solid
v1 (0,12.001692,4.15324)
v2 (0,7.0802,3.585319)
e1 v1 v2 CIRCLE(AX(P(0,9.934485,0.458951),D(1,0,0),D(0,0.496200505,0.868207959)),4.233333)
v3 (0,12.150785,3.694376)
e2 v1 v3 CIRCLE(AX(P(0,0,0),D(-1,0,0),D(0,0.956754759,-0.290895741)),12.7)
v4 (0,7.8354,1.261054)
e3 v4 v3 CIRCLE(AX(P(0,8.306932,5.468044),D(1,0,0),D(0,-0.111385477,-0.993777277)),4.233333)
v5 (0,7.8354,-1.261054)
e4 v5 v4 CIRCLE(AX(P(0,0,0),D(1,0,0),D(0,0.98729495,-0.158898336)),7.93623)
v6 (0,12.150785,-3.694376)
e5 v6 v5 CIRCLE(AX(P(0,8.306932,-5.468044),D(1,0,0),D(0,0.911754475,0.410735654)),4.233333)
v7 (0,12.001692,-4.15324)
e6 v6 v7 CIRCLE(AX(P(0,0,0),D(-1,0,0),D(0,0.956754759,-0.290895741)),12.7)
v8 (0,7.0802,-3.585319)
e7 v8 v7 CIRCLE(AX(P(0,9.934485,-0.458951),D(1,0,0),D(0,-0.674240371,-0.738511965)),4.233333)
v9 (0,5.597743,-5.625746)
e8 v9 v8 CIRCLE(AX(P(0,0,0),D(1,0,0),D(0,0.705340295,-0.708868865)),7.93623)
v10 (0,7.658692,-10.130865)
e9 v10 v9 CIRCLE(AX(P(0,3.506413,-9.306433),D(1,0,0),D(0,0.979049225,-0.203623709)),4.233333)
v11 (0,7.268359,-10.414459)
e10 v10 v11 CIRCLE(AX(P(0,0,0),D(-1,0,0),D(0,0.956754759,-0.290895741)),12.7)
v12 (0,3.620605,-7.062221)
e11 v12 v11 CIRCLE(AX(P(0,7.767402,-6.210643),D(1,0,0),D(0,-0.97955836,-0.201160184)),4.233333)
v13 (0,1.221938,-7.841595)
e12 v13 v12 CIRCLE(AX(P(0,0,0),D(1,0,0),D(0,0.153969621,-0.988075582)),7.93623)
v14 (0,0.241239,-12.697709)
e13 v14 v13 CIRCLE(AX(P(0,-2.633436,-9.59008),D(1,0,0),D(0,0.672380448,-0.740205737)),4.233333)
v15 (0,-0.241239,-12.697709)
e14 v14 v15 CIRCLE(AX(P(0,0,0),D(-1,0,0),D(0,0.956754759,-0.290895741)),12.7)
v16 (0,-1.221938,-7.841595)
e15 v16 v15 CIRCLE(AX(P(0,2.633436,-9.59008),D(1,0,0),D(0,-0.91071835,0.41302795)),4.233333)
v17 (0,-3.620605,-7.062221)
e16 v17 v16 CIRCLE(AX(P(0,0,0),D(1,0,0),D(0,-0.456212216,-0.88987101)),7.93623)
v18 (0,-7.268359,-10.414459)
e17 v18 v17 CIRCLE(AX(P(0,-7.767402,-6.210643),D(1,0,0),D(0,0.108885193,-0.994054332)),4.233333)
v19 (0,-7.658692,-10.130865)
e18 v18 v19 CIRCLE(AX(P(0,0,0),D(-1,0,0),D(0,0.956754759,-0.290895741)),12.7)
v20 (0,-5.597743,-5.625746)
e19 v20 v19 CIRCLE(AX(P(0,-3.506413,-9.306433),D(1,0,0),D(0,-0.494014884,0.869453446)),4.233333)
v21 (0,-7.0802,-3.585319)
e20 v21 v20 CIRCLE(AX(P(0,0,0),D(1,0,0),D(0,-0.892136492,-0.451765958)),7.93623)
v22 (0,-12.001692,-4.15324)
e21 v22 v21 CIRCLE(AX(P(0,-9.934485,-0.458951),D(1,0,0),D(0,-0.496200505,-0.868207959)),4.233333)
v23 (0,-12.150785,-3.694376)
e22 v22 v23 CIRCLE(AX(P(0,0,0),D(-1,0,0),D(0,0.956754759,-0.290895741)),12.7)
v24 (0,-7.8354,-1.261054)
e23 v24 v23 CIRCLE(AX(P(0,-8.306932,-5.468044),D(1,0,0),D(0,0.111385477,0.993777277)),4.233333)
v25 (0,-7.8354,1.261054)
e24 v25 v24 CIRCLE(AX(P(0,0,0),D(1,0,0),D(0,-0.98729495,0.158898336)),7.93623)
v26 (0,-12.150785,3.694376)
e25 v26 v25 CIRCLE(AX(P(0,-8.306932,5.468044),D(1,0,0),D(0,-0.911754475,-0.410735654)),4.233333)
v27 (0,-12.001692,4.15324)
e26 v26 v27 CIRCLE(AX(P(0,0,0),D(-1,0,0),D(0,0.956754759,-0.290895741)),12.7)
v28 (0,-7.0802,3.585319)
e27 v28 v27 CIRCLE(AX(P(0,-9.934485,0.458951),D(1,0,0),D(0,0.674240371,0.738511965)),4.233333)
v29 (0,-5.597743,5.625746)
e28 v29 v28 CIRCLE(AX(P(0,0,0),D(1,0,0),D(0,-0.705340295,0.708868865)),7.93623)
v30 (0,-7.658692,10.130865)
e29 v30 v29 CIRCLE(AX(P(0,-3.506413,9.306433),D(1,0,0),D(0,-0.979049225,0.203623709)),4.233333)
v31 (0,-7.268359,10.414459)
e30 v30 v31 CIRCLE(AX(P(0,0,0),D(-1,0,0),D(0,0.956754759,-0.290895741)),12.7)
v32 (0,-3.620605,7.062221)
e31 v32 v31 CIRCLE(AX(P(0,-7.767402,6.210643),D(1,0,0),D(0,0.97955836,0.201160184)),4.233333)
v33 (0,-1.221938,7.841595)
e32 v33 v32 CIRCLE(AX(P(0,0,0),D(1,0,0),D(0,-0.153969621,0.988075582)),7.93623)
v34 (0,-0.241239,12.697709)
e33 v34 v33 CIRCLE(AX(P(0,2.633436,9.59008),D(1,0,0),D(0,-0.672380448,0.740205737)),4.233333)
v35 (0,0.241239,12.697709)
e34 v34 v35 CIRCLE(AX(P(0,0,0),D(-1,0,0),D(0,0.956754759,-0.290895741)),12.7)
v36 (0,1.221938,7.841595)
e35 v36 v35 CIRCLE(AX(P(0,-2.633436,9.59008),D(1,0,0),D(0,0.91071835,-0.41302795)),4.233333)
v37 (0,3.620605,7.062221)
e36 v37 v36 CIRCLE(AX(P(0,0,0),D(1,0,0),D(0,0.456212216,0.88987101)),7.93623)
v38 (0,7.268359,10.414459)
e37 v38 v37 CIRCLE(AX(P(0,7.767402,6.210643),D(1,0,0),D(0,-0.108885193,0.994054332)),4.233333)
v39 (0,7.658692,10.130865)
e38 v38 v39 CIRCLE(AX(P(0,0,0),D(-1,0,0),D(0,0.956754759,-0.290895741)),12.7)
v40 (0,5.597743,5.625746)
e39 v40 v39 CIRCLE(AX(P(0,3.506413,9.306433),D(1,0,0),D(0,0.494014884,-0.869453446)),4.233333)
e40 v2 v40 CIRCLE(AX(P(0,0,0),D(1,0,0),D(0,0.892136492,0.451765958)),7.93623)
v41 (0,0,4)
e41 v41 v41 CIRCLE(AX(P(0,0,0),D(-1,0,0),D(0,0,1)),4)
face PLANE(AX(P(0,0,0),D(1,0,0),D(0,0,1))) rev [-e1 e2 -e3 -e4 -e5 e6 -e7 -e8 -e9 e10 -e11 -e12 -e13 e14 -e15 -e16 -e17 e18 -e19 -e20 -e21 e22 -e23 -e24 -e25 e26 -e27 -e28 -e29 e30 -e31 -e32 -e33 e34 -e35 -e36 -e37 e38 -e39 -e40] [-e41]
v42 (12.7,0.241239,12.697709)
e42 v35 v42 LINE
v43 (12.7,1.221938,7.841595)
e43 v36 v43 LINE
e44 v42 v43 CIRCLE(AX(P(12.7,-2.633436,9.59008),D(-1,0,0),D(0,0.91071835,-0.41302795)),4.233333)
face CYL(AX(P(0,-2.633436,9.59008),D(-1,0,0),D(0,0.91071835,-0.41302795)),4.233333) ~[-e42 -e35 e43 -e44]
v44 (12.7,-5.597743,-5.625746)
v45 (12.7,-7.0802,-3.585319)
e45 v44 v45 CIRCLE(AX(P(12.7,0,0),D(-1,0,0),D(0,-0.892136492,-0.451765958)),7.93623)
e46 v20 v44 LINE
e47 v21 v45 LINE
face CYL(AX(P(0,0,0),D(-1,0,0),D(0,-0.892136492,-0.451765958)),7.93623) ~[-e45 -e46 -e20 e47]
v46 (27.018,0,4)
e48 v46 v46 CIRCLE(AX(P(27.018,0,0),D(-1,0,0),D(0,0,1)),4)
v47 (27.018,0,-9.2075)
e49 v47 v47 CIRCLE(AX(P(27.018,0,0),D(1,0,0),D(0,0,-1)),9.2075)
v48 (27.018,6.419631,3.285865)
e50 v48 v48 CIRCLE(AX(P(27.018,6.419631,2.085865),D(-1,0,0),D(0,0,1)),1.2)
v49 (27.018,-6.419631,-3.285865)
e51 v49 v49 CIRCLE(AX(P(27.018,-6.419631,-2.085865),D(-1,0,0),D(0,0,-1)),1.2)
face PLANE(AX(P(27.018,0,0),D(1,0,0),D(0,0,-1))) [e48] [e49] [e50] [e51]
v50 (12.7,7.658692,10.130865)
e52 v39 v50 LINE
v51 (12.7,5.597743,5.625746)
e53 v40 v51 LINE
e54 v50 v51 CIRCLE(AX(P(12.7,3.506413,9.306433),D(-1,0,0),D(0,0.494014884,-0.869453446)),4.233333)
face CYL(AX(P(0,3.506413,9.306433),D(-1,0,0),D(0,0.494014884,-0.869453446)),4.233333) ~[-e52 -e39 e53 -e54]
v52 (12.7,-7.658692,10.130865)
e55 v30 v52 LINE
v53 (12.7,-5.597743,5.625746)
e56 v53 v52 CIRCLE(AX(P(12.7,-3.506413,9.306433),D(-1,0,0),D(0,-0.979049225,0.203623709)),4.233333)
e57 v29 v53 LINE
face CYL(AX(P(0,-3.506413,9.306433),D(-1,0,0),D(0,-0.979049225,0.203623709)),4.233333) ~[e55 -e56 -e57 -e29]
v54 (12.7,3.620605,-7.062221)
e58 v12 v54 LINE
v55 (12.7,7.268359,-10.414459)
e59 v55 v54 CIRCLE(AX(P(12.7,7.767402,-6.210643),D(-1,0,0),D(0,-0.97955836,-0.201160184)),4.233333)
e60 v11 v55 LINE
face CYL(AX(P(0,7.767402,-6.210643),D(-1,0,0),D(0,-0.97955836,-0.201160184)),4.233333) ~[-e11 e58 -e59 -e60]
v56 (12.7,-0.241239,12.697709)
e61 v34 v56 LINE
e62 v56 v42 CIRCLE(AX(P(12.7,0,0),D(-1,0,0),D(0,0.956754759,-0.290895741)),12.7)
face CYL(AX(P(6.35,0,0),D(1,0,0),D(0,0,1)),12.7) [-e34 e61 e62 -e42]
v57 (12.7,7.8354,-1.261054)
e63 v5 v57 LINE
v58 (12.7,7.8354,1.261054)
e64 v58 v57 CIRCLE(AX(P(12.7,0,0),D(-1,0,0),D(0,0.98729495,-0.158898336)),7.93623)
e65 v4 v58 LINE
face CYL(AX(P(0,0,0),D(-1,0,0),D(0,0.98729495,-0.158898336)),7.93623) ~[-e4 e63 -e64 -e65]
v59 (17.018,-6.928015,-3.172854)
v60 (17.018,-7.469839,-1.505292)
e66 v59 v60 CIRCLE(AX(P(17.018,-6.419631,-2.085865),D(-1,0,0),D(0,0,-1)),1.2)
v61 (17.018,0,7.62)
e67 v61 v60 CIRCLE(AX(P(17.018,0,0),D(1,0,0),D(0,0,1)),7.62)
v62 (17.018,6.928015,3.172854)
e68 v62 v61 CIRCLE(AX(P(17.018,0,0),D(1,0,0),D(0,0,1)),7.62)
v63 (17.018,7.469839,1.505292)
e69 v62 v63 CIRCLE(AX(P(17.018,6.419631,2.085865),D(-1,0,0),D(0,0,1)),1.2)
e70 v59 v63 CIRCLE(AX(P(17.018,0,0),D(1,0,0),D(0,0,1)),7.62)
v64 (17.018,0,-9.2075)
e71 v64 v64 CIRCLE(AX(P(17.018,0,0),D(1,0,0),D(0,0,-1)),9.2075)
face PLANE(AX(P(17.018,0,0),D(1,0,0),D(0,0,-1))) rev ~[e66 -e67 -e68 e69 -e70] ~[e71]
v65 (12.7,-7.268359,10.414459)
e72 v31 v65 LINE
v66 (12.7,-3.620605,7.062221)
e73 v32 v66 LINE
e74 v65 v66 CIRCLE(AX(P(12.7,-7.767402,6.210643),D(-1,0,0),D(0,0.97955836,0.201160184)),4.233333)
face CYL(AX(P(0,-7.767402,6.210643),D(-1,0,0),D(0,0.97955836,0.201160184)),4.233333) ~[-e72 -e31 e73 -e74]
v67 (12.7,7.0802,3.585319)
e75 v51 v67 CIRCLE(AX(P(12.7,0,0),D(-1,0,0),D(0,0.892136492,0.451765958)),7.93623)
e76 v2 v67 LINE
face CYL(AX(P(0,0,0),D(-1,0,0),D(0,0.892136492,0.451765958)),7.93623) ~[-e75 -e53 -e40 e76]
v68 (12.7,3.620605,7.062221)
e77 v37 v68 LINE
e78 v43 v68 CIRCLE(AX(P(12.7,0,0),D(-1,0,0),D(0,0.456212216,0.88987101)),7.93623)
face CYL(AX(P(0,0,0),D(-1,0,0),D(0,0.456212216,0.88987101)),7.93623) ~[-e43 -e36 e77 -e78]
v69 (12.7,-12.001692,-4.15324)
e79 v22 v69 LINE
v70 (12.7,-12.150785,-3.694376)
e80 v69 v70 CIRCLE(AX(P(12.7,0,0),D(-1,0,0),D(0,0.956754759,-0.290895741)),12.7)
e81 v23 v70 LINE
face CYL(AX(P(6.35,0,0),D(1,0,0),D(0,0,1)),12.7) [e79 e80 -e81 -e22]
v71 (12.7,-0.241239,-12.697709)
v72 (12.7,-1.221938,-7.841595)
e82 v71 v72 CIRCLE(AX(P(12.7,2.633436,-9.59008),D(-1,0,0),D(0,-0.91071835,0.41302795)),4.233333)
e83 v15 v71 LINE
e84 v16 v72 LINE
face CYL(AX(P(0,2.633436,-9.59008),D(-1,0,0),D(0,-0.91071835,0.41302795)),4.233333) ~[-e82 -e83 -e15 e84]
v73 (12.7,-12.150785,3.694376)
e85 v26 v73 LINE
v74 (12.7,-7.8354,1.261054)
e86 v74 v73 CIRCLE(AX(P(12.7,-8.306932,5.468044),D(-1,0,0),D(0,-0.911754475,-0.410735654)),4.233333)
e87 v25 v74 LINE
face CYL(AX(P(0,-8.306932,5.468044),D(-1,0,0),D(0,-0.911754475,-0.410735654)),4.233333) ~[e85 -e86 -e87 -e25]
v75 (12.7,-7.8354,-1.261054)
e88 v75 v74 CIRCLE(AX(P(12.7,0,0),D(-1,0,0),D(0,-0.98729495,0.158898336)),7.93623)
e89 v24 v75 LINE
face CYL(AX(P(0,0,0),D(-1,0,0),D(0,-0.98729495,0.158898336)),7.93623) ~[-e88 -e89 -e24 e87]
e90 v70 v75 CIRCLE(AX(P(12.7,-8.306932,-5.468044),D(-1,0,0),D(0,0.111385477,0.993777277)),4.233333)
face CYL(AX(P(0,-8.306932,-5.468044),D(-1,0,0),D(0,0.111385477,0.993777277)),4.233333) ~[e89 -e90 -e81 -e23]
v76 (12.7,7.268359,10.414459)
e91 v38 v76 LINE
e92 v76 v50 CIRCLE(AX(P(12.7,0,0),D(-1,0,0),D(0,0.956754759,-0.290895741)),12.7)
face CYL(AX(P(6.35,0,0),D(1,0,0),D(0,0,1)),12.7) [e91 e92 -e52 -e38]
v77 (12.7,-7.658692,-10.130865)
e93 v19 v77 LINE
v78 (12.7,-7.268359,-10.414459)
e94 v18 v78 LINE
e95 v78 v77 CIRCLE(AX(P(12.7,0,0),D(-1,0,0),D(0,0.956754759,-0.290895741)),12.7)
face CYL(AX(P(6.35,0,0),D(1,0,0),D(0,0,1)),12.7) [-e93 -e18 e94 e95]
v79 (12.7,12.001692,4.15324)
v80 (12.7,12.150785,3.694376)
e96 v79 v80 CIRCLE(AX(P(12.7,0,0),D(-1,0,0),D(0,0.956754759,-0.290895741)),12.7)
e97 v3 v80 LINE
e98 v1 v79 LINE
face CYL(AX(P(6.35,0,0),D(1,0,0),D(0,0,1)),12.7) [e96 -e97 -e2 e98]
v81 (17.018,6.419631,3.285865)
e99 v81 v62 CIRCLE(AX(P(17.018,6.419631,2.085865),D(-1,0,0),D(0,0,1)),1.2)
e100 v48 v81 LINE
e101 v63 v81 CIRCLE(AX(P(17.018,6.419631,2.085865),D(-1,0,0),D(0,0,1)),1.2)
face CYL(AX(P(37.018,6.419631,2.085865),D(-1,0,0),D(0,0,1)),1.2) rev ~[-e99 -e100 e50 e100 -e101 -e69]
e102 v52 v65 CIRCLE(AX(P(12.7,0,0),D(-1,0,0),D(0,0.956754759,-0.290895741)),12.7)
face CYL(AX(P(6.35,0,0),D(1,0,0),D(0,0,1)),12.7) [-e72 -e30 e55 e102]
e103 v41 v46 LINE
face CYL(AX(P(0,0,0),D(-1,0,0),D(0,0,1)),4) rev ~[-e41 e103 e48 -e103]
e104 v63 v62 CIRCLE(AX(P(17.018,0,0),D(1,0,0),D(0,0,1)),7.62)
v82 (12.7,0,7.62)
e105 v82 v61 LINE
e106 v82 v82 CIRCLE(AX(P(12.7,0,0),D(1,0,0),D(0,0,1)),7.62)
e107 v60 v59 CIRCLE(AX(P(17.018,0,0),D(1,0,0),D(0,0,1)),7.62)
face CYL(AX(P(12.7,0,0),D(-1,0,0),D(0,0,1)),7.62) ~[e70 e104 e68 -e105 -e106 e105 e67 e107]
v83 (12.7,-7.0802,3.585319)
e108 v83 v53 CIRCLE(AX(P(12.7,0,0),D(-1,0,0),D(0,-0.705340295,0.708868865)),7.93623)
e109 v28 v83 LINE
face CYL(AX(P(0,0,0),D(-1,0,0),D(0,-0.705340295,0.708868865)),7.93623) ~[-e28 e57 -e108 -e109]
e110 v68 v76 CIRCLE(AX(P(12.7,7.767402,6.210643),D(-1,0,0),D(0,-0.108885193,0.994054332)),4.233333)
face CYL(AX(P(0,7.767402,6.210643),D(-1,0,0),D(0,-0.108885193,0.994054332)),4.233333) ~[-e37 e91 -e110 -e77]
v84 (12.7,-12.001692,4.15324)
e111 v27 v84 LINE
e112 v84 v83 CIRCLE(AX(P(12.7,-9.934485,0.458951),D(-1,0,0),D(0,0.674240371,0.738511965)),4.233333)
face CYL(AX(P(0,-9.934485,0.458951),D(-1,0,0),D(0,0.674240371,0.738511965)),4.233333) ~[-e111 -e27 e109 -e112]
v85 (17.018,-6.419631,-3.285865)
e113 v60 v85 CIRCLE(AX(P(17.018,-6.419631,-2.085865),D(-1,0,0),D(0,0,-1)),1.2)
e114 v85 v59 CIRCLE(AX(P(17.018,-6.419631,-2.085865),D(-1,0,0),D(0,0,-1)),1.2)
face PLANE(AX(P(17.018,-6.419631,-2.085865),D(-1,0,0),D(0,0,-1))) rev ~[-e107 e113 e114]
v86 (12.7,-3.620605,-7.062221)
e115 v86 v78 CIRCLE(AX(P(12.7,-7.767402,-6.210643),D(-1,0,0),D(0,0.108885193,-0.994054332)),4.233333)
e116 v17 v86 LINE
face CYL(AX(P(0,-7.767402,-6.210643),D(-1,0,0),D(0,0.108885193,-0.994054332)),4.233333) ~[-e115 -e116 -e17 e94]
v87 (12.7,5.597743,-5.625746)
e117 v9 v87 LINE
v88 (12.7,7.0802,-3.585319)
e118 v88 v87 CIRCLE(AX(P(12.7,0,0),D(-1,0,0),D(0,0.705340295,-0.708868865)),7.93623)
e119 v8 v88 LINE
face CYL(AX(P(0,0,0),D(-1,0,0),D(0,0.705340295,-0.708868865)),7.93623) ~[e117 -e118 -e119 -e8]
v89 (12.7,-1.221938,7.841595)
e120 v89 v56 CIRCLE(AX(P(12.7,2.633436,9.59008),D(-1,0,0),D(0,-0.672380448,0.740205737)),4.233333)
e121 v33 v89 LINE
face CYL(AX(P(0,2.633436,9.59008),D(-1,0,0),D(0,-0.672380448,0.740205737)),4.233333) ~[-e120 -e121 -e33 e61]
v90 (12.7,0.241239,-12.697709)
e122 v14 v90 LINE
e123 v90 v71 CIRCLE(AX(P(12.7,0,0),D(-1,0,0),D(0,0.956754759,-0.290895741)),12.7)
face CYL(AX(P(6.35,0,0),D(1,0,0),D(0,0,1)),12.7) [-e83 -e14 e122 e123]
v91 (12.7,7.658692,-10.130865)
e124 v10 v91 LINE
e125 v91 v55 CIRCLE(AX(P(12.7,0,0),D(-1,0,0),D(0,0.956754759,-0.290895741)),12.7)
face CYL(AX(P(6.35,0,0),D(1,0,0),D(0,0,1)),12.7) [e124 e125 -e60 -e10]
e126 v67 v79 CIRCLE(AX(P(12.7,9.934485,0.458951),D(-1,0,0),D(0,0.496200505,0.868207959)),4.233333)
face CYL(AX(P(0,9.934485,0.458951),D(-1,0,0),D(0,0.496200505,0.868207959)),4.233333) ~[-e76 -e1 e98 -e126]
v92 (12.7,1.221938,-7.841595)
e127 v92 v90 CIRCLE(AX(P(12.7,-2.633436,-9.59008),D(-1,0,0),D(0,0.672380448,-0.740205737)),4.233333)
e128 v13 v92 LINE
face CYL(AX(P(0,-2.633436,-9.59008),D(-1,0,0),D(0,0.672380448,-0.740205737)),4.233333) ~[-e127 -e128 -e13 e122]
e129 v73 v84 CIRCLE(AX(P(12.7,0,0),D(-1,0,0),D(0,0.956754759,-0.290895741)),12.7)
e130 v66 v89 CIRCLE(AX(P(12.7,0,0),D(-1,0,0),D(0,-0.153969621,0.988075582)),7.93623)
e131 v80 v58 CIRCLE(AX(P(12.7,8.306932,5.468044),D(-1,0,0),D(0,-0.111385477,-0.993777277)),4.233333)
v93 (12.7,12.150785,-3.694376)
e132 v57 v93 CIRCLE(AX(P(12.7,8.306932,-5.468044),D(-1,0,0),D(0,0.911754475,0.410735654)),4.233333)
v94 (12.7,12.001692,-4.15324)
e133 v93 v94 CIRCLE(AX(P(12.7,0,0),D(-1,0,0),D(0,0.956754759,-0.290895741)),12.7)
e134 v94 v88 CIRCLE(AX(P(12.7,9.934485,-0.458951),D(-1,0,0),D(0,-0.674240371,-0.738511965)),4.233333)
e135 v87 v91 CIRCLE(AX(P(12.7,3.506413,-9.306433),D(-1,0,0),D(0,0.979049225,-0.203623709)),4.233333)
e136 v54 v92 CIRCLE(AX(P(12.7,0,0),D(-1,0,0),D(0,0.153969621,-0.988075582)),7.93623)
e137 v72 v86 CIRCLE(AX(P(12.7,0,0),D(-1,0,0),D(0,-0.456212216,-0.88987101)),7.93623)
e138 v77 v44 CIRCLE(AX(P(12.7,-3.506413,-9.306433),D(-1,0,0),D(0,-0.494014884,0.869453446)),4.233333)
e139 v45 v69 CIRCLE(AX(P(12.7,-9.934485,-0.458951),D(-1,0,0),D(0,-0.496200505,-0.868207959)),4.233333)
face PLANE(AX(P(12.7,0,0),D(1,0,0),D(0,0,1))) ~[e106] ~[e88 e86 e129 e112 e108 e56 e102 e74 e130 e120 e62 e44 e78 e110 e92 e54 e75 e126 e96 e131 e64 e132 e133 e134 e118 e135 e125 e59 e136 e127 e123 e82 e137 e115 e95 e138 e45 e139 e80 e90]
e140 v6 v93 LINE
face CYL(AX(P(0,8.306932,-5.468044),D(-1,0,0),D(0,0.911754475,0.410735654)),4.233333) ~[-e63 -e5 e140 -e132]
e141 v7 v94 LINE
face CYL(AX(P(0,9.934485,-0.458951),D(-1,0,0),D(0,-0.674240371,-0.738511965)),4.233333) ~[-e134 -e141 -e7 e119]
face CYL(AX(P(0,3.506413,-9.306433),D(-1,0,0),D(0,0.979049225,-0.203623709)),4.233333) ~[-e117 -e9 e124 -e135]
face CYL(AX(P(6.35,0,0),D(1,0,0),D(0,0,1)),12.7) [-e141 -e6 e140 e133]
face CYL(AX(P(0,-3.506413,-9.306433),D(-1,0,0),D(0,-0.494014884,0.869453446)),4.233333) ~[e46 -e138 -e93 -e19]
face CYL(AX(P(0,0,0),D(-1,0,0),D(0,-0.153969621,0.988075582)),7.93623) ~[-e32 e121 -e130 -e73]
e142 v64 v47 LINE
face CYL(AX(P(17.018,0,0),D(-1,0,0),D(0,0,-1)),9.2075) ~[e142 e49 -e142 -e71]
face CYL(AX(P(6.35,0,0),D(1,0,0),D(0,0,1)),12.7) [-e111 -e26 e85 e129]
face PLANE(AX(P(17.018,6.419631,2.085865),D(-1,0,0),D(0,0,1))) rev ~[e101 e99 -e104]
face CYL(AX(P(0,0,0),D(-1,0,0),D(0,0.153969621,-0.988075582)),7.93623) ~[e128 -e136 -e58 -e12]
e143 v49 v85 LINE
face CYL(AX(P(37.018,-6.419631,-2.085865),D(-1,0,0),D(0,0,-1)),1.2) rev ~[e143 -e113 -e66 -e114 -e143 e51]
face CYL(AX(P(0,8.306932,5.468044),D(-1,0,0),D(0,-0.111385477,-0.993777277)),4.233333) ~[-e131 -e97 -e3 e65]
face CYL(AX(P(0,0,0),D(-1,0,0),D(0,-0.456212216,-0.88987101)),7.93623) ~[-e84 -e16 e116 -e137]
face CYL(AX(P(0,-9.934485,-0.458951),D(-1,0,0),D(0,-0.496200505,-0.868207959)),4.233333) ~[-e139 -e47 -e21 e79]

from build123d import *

# Parameters (mm, degrees)
BASPROSKE_W              = 12.7
BASPROSKE_H              = 12.7
TOOTHCUT_DEPTH           = 22.997045256
TEETHCUTS_COUNT          = 10
SKETCH15_R               = 7.62
BOSS_EXTRUDE2_DEPTH      = 4.318
SKETCH8_R                = 9.2075
BOSS_EXTRUDE1_DEPTH      = 10
M2_CLEARANCE_HOLE1_D     = 2.4
M2_CLEARANCE_HOLE1_DEPTH = 10
CIRPATTERN1_COUNT        = 4
SKETCH13_R               = 4
CUT_EXTRUDE1_DEPTH       = 33.232032369
CUT_EXTRUDE1_DEPTH_BACK  = 33.232032369


with BuildPart() as part:
    # BasProSke → Base-Revolve (revolve)
    with BuildSketch(Plane(origin=(0, 0, 0), x_dir=(1, 0, 0), z_dir=(0, 1, 0)), mode=Mode.PRIVATE) as base_revolve_sk:
        with Locations((6.35, 6.35)):
            Rectangle(BASPROSKE_W, BASPROSKE_H)
    revolve(base_revolve_sk.sketch.rotate(Axis((-10, 0, 0), (1, 0, 0)), 180), axis=Axis((-10, 0, 0), (1, 0, 0)))

    # TooCutSke → ToothCut (cut, through all)
    with BuildSketch(Plane(origin=(0, 0, 0), x_dir=(0, 0, -1), z_dir=(1, 0, 0))):
        with BuildLine():
            ThreePointArc((1.261053733, 7.835399804), (0, 7.93623), (-1.261053733, 7.835399804))
            ThreePointArc((-1.261053733, 7.835399804), (-1.789991322, 10.402889218), (-3.729263267, 12.166692264))
            ThreePointArc((-3.729263267, 12.166692264), (0, 12.7254), (3.729263267, 12.166692264))
            ThreePointArc((3.729263267, 12.166692264), (1.789991322, 10.402889218), (1.261053733, 7.835399804))
        make_face()
    toothcut = extrude(amount=TOOTHCUT_DEPTH, mode=Mode.SUBTRACT)

    # TeethCuts: ToothCut ×10 about axis
    teethcuts_axis = Axis((0, 0, 0), (1, 0, 0))
    for i in range(1, TEETHCUTS_COUNT):
        add(toothcut.rotate(teethcuts_axis, i * 360 / TEETHCUTS_COUNT), mode=Mode.SUBTRACT)

    # Sketch15 → Boss-Extrude2 (add)
    with BuildSketch(Plane(origin=(12.7, 0, 0), x_dir=(0, 0, -1), z_dir=(1, 0, 0))):
        with Locations(Location((0, 0, 0), (0, 0, 180))):
            Circle(SKETCH15_R)
    extrude(amount=BOSS_EXTRUDE2_DEPTH)

    # Sketch8 → Boss-Extrude1 (add)
    with BuildSketch(Plane(origin=(17.018, 0, 0), x_dir=(0, 0, -1), z_dir=(1, 0, 0))):
        Circle(SKETCH8_R)
    extrude(amount=BOSS_EXTRUDE1_DEPTH)

    # M2 Clearance Hole1
    with Locations(Plane(origin=(27.018, 0, 0), x_dir=(0, 0, -1), z_dir=(1, 0, 0))):
        with Locations((-2.085864712, 6.419631485)):
            m2_clearance_hole1 = Hole(M2_CLEARANCE_HOLE1_D / 2, depth=M2_CLEARANCE_HOLE1_DEPTH)

    # CirPattern1: M2 Clearance Hole1 ×4 about axis, 2 skipped
    cirpattern1_axis = Axis((27.018, 0, 0), (-1, 0, 0))
    add([m2_clearance_hole1.rotate(cirpattern1_axis, i * 360 / CIRPATTERN1_COUNT) for i in range(1, CIRPATTERN1_COUNT) if i not in (1, 3)], mode=Mode.SUBTRACT)

    # Sketch13 → Cut-Extrude1 (cut, two sides)
    with BuildSketch(Plane.ZY) as cut_extrude1_sk:
        Circle(SKETCH13_R)
    extrude(amount=CUT_EXTRUDE1_DEPTH, mode=Mode.SUBTRACT)
    extrude(cut_extrude1_sk.sketch, amount=-CUT_EXTRUDE1_DEPTH_BACK, mode=Mode.SUBTRACT)


solid = part.part
